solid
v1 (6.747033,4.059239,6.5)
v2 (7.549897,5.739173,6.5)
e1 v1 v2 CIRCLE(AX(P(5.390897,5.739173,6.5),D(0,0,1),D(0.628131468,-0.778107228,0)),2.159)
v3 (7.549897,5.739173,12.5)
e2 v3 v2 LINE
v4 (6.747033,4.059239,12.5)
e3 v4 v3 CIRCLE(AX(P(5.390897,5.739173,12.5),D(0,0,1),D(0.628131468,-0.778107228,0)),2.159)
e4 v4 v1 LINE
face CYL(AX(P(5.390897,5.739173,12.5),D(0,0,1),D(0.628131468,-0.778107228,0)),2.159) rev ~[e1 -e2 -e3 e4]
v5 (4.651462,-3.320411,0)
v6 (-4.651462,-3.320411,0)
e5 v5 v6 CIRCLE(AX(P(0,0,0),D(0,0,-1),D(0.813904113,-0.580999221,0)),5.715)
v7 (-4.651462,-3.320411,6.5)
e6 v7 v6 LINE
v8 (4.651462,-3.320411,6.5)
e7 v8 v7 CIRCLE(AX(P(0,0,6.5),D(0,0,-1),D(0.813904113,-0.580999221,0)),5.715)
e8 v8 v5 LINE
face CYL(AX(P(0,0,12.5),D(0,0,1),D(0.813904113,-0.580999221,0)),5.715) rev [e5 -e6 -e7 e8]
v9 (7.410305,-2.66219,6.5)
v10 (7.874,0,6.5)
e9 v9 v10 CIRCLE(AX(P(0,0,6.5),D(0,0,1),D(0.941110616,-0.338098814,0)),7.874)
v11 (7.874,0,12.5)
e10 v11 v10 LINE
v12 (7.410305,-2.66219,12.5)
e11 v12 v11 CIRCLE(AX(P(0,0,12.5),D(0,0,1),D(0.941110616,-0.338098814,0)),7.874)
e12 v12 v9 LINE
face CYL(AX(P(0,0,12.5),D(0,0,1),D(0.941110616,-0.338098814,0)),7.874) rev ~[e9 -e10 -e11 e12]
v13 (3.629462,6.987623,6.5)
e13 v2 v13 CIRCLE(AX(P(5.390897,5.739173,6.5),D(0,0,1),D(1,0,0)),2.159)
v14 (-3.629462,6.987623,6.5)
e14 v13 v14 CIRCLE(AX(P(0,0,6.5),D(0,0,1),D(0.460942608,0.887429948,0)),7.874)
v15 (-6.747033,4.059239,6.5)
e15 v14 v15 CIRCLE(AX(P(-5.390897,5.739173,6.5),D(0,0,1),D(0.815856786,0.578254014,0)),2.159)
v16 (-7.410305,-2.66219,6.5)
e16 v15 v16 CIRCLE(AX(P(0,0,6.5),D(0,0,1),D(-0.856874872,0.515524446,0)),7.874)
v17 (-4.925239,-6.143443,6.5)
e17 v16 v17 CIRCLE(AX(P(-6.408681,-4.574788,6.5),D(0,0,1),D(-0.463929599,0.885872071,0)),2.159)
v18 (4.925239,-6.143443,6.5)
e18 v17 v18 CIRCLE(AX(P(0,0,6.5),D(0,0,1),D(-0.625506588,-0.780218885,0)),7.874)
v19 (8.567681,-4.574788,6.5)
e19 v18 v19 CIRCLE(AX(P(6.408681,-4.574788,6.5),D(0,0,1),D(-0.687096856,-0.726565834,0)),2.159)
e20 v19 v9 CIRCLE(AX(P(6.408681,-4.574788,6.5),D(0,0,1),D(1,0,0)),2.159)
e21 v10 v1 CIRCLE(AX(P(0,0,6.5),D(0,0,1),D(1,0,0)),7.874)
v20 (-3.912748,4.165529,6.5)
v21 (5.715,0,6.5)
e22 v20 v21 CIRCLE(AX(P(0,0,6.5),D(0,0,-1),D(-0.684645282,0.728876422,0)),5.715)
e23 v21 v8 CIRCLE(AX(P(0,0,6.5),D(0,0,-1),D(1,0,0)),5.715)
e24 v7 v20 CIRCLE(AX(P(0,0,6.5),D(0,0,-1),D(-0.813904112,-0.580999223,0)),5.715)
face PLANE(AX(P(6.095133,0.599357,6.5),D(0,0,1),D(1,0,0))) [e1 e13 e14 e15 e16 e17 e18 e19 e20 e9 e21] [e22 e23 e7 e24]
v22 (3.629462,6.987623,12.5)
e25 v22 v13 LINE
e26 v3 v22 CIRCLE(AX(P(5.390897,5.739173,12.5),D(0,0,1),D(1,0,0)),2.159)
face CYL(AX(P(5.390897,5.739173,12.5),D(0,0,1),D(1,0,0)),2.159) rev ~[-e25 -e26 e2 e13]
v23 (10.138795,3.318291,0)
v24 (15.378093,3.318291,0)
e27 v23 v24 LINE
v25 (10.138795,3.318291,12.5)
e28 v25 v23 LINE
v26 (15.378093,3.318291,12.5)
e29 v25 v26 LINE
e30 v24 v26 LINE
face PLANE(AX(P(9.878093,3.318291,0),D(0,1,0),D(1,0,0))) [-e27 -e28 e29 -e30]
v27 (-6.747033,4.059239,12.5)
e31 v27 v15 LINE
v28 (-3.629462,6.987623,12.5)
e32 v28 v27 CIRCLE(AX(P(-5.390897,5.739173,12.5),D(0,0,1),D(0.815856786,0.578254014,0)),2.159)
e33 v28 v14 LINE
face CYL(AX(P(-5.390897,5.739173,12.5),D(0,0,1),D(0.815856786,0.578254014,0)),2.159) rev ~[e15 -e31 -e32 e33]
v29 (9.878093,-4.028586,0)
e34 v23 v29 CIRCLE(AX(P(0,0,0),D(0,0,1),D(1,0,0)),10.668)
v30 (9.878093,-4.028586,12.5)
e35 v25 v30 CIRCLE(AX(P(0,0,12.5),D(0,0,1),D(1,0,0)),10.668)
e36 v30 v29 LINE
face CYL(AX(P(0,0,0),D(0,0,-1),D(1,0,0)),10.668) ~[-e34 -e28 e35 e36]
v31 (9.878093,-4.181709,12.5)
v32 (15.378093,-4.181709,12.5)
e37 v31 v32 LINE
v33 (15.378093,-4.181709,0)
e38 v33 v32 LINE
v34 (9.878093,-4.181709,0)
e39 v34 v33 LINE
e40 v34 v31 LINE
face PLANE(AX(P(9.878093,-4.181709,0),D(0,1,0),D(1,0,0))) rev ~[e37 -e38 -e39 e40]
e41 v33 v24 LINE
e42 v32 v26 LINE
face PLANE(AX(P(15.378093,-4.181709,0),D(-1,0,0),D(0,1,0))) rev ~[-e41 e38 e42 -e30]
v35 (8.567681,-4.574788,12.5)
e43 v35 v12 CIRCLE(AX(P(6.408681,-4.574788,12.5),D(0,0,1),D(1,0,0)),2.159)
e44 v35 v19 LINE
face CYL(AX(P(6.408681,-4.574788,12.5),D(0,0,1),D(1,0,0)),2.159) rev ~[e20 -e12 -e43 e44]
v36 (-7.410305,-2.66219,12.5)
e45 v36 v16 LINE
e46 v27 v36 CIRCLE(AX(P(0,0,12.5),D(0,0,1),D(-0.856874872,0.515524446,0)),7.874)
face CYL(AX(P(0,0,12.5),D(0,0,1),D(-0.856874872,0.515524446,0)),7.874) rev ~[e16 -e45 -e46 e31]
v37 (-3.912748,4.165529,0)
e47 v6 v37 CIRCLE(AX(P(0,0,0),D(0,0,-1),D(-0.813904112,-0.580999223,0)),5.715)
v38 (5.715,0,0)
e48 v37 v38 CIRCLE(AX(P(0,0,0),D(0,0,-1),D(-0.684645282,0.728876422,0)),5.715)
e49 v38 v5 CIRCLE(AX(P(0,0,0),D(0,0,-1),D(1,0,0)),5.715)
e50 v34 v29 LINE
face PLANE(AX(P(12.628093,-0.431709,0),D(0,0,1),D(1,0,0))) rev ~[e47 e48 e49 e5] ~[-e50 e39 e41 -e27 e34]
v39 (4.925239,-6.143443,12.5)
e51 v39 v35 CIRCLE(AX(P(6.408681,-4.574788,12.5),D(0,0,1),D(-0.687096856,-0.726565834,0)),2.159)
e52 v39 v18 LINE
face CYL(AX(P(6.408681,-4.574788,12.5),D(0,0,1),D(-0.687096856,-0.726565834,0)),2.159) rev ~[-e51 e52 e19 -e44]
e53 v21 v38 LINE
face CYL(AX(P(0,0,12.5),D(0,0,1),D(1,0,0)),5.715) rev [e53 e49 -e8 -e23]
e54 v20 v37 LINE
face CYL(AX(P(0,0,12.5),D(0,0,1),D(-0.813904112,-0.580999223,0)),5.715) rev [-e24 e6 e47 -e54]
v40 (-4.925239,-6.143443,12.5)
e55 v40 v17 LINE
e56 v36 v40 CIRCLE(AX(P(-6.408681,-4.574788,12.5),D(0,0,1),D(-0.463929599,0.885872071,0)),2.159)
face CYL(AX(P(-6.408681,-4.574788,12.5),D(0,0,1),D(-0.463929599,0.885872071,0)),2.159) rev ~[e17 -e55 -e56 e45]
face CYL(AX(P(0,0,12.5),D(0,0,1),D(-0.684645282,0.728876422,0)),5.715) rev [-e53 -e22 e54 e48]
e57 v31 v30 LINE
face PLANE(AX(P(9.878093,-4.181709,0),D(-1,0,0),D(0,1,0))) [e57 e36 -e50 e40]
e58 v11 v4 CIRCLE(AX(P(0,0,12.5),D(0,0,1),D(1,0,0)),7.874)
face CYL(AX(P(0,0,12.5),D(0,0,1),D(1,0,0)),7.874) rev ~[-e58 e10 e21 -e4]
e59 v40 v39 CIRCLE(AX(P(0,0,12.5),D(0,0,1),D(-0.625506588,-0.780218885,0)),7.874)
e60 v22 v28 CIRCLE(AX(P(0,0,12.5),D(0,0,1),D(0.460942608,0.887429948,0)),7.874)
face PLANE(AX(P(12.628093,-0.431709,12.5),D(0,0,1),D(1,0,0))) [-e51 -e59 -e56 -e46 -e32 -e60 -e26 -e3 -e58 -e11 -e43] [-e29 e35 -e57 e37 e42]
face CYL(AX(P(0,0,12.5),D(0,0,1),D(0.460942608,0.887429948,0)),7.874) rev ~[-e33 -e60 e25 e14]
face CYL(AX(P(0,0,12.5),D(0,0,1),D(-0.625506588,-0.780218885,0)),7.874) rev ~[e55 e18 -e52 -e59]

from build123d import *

# Parameters (mm, degrees)
F0_R     = 10.668
F1_DEPTH = 12.5
F3_DEPTH = 6
F4_DEPTH = 12.5
F5_W     = 5.5
F5_H     = 7.5
F6_DEPTH = 12.5


with BuildPart() as f1:
    # F0 (on Top) → F1 (new body)
    with BuildSketch(Plane.XY):
        Circle(F0_R)
    extrude(amount=F1_DEPTH)

    # F2 (on face) → F3 (cut)
    with BuildSketch(Plane.XY.offset(12.5)):
        with BuildLine():
            ThreePointArc((7.4103049922, -2.6621900614), (7.7572101141, -1.3511355394), (7.874, 0))
            ThreePointArc((7.874, 0), (7.5870287926, 2.1063879275), (6.7470327404, 4.0592394854))
            ThreePointArc((6.7470327404, 4.0592394854), (5.3099885026, 3.5816895419), (3.9127477219, 4.1655288097))
            ThreePointArc((3.9127477219, 4.1655288097), (5.2451205053, 2.2693470172), (5.715, 0))
            ThreePointArc((5.715, 0), (5.4426248431, -1.7432899407), (4.6514620061, -3.3204105477))
            ThreePointArc((4.6514620061, -3.3204105477), (5.9076375819, -2.4747315537), (7.4103049922, -2.6621900614))
        make_face()
        with BuildLine():
            ThreePointArc((3.9127477219, 4.1655288097), (5.3099885026, 3.5816895419), (6.7470327404, 4.0592394854))
            ThreePointArc((6.7470327404, 4.0592394854), (5.3908968998, 5.7391729906), (3.6294620987, 6.9876234067))
            ThreePointArc((3.6294620987, 6.9876234067), (3.2426928667, 5.5235334018), (3.9127477219, 4.1655288097))
        make_face()
        with BuildLine():
            ThreePointArc((3.6294620987, 6.9876234067), (5.3908968998, 5.7391729906), (6.7470327404, 4.0592394854))
            ThreePointArc((6.7470327404, 4.0592394854), (7.3388674181, 4.8082101234), (7.5498968998, 5.7391729906))
            ThreePointArc((7.5498968998, 5.7391729906), (6.0460088233, 7.7963821116), (3.6294620987, 6.9876234067))
        make_face()
        with BuildLine():
            ThreePointArc((8.5676809877, -4.5747878637), (8.2558121722, -3.4570278774), (7.4103049922, -2.6621900614))
            ThreePointArc((7.4103049922, -2.6621900614), (6.4086809877, -4.5747878637), (4.9252388756, -6.1434434984))
            ThreePointArc((4.9252388756, -6.1434434984), (7.2626509755, -6.557719093), (8.5676809877, -4.5747878637))
        make_face()
        with BuildLine():
            ThreePointArc((4.9252388756, -6.1434434984), (6.4086809877, -4.5747878637), (7.4103049922, -2.6621900614))
            ThreePointArc((7.4103049922, -2.6621900614), (5.9076375819, -2.4747315537), (4.6514620061, -3.3204105477))
            ThreePointArc((4.6514620061, -3.3204105477), (4.2597626921, -4.7831893008), (4.9252388756, -6.1434434984))
        make_face()
        with BuildLine():
            ThreePointArc((3.9127477219, 4.1655288097), (3.2426928667, 5.5235334018), (3.6294620987, 6.9876234067))
            ThreePointArc((3.6294620987, 6.9876234067), (0, 7.874), (-3.6294620987, 6.9876234067))
            ThreePointArc((-3.6294620987, 6.9876234067), (-3.3336877788, 6.394284914), (-3.2318968998, 5.7391729906))
            ThreePointArc((-3.2318968998, 5.7391729906), (-3.4094069377, 4.8818641023), (-3.9127477844, 4.165528751))
            ThreePointArc((-3.9127477844, 4.165528751), (-4.29e-08, 5.715), (3.9127477219, 4.1655288097))
        make_face()
        with BuildLine():
            ThreePointArc((-4.9252388756, -6.1434434984), (0, -7.874), (4.9252388756, -6.1434434984))
            ThreePointArc((4.9252388756, -6.1434434984), (4.2597626921, -4.7831893008), (4.6514620061, -3.3204105477))
            ThreePointArc((4.6514620061, -3.3204105477), (6.6e-09, -5.715), (-4.6514619984, -3.3204105585))
            ThreePointArc((-4.6514619984, -3.3204105585), (-4.3525782668, -3.9162116714), (-4.2496809877, -4.5747878637))
            ThreePointArc((-4.2496809877, -4.5747878637), (-4.4257497584, -5.4287578515), (-4.9252388756, -6.1434434984))
        make_face()
        with BuildLine():
            ThreePointArc((-3.2318968998, 5.7391729906), (-3.3336877788, 6.394284914), (-3.6294620987, 6.9876234067))
            ThreePointArc((-3.6294620987, 6.9876234067), (-5.3908968998, 5.7391729906), (-6.7470327404, 4.0592394854))
            ThreePointArc((-6.7470327404, 4.0592394854), (-5.3099885454, 3.5816895403), (-3.9127477844, 4.165528751))
            ThreePointArc((-3.9127477844, 4.165528751), (-3.4094069377, 4.8818641023), (-3.2318968998, 5.7391729906))
        make_face()
        with BuildLine():
            ThreePointArc((-6.7470327404, 4.0592394854), (-5.3908968998, 5.7391729906), (-3.6294620987, 6.9876234067))
            ThreePointArc((-3.6294620987, 6.9876234067), (-6.8690460498, 7.3128171977), (-6.7470327404, 4.0592394854))
        make_face()
        with BuildLine():
            ThreePointArc((-4.6514619984, -3.3204105585), (-5.6873758569, 0.5612315586), (-3.9127477844, 4.165528751))
            ThreePointArc((-3.9127477844, 4.165528751), (-5.3099885454, 3.5816895403), (-6.7470327404, 4.0592394854))
            ThreePointArc((-6.7470327404, 4.0592394854), (-7.8359400653, 0.7732524124), (-7.4103049922, -2.6621900614))
            ThreePointArc((-7.4103049922, -2.6621900614), (-5.9076375754, -2.4747315552), (-4.6514619984, -3.3204105585))
        make_face()
        with BuildLine():
            ThreePointArc((-7.4103049922, -2.6621900614), (-8.1658999682, -5.8291651812), (-4.9252388756, -6.1434434984))
            ThreePointArc((-4.9252388756, -6.1434434984), (-6.4086809877, -4.5747878637), (-7.4103049922, -2.6621900614))
        make_face()
        with BuildLine():
            ThreePointArc((-7.4103049922, -2.6621900614), (-6.4086809877, -4.5747878637), (-4.9252388756, -6.1434434984))
            ThreePointArc((-4.9252388756, -6.1434434984), (-4.4257497584, -5.4287578515), (-4.2496809877, -4.5747878637))
            ThreePointArc((-4.2496809877, -4.5747878637), (-4.3525782668, -3.9162116714), (-4.6514619984, -3.3204105585))
            ThreePointArc((-4.6514619984, -3.3204105585), (-5.9076375754, -2.4747315552), (-7.4103049922, -2.6621900614))
        make_face()
    extrude(amount=-F3_DEPTH, mode=Mode.SUBTRACT)

    # F4 (cut): a face of the model
    f4_faces = [f1.faces().sort_by_distance(p)[0] for p in [
        (0, 0, 12.5),
    ]]
    extrude(f4_faces, amount=-F4_DEPTH, mode=Mode.SUBTRACT)

    # F5 (on Top) → F6 (join)
    with BuildSketch(Plane.XY):
        with Locations((12.6280929255, -0.4317085259)):
            Rectangle(F5_W, F5_H)
    extrude(amount=F6_DEPTH)


solid = f1.part
